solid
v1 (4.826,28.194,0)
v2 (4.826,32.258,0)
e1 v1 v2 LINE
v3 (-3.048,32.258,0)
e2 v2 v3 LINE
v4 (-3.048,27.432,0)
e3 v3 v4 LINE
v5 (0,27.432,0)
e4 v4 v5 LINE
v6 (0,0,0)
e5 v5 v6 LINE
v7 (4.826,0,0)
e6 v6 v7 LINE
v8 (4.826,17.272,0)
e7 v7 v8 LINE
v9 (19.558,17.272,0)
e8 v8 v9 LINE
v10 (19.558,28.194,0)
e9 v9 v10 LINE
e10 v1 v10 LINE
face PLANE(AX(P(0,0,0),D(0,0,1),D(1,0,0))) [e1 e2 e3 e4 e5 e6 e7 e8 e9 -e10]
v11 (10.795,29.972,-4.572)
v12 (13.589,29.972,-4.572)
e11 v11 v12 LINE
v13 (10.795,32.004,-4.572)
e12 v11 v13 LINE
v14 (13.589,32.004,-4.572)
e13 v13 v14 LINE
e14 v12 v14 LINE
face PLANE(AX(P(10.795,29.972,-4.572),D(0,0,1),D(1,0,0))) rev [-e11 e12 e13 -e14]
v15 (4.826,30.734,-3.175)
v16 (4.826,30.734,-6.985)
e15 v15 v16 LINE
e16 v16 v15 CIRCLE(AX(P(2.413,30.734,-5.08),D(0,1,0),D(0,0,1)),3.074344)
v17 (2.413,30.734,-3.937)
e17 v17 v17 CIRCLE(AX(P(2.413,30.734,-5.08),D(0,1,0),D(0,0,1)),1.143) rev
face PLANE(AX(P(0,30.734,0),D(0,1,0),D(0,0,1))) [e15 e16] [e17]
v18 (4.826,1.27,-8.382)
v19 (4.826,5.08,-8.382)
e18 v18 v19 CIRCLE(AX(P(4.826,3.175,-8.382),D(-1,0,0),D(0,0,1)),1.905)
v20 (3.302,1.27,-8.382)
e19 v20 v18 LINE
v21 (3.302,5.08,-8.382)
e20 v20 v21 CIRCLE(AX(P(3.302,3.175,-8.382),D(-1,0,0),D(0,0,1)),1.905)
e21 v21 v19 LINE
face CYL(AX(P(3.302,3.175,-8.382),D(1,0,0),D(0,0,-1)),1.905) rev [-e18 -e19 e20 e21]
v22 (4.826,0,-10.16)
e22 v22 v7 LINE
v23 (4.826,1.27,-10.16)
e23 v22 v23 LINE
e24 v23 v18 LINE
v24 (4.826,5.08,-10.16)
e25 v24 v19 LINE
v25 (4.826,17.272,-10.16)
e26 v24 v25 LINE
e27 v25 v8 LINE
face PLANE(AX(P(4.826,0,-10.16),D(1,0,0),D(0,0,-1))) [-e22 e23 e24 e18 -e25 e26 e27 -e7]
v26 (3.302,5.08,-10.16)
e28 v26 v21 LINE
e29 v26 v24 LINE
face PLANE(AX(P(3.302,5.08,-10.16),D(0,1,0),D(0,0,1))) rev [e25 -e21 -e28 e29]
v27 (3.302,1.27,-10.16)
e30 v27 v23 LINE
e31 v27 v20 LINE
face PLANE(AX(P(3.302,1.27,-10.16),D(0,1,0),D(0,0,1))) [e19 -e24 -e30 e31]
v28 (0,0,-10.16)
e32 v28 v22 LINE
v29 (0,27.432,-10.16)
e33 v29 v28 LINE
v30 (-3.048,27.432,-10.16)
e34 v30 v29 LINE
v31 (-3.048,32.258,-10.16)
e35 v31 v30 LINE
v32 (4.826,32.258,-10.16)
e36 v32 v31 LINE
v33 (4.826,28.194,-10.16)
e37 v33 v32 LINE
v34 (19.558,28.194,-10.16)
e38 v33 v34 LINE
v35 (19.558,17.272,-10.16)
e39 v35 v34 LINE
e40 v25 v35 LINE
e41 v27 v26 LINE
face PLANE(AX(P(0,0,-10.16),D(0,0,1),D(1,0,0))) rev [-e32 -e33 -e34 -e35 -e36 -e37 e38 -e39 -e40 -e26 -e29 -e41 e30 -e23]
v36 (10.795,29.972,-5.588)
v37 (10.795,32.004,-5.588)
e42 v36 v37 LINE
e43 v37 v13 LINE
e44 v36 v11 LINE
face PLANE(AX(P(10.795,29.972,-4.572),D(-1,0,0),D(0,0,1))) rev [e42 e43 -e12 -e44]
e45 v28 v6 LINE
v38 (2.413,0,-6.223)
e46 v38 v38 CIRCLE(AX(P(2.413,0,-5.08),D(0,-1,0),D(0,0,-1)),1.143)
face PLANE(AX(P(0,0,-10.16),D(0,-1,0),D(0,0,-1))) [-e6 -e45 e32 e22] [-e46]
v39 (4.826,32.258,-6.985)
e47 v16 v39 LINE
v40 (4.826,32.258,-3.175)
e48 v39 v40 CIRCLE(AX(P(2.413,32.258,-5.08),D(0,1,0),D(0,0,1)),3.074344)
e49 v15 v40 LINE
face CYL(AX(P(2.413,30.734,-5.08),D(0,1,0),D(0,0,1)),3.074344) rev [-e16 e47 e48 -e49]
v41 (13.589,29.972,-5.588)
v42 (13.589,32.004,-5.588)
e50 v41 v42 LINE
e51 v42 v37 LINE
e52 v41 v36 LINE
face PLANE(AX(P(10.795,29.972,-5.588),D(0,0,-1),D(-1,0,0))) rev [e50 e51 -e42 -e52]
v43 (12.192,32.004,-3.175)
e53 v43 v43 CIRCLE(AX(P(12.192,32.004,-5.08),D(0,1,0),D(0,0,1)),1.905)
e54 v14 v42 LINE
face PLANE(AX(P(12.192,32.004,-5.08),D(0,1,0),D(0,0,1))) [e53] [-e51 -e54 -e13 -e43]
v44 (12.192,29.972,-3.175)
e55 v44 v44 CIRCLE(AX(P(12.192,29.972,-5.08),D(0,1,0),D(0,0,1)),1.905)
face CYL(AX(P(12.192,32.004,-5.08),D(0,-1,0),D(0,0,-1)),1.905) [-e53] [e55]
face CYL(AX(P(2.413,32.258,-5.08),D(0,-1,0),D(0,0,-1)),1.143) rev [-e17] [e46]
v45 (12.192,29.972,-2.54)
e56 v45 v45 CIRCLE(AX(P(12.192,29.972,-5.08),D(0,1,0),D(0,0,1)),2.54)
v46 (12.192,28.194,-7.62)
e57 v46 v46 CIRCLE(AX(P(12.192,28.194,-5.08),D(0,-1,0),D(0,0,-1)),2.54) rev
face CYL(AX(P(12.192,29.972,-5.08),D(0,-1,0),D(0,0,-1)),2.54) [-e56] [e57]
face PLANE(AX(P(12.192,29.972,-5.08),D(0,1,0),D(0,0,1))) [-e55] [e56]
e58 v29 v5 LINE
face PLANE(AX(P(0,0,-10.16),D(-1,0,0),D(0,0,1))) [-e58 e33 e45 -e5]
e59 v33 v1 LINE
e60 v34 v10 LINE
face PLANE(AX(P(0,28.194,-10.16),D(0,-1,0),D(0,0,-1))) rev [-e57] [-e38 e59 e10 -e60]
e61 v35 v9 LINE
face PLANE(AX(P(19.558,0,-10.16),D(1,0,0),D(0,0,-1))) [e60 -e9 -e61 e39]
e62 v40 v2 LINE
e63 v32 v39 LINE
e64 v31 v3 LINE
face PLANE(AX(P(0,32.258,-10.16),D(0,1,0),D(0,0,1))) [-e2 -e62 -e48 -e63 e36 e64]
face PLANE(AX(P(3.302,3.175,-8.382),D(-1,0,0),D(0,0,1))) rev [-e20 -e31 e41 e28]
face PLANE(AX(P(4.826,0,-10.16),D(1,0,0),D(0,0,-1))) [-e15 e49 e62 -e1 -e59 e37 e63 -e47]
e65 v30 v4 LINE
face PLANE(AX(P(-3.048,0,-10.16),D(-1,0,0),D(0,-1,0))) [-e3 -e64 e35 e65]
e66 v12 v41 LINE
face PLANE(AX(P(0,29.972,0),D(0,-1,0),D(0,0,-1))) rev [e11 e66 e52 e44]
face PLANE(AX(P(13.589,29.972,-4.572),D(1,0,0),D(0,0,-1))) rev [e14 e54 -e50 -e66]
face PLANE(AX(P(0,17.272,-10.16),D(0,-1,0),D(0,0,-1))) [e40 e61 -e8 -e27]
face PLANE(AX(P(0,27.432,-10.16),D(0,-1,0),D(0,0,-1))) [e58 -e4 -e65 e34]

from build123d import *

# Parameters (mm, degrees)
SKETCH1_W           = 14.732
SKETCH1_H           = 10.922
BOSS_EXTRUDE1_DEPTH = 10.16
SKETCH2_R           = 1.143
CUT_EXTRUDE1_DEPTH  = 40.068139551
CUT_EXTRUDE2_DEPTH  = 1.524
CUT_EXTRUDE5_START  = -1.524
SKETCH5_R           = 1.143
CUT_EXTRUDE5_DEPTH  = 1.524
SKETCH6_R           = 2.54
BOSS_EXTRUDE2_DEPTH = 1.778
SKETCH7_R           = 1.905
BOSS_EXTRUDE3_DEPTH = 2.032
SKETCH9_W           = 2.794
SKETCH9_H           = 1.016
CUT_EXTRUDE6_DEPTH  = 2.032


with BuildPart() as part:
    # Sketch1 → Boss-Extrude1 (new body)
    with BuildSketch(Plane.XY):
        with Locations((12.192, 22.733)):
            Rectangle(SKETCH1_W, SKETCH1_H)
        Polygon((-3.048, 27.432), (0, 27.432), (0, 0), (4.826, 0), (4.826, 32.258), (-3.048, 32.258), align=None)
    extrude(amount=-BOSS_EXTRUDE1_DEPTH)

    # Sketch2 → Cut-Extrude1 (cut, through all)
    with BuildSketch(Plane(origin=(0, 0, 0), x_dir=(-1, 0, 0), z_dir=(0, -1, 0))):
        with Locations(Location((-2.413, 5.08, 0), (0, 0, 90))):
            Circle(SKETCH2_R)
    extrude(amount=-CUT_EXTRUDE1_DEPTH, mode=Mode.SUBTRACT)

    # Sketch3 → Cut-Extrude2 (cut)
    with BuildSketch(Plane(origin=(4.826, 0, 0), x_dir=(0, 0, -1), z_dir=(1, 0, 0))):
        with BuildLine():
            Line((10.16, 1.27), (8.382, 1.27))
            ThreePointArc((8.382, 1.27), (6.477, 3.175), (8.382, 5.08))
            Line((8.382, 5.08), (10.16, 5.08))
            Line((10.16, 5.08), (10.16, 1.27))
        make_face()
    extrude(amount=-CUT_EXTRUDE2_DEPTH, mode=Mode.SUBTRACT)

    # Sketch5 → Cut-Extrude5 (cut)
    with BuildSketch(Plane(origin=(0, 32.258, 0), x_dir=(1, 0, 0), z_dir=(0, 1, 0)).offset(CUT_EXTRUDE5_START)):
        with BuildLine():
            Line((4.826, 3.175), (4.826, 5.08))
            Line((4.826, 5.08), (4.826, 6.985))
            ThreePointArc((4.826, 6.985), (-0.661344483, 5.08), (4.826, 3.175))
        make_face()
        with Locations(Location((2.413, 5.08, 0), (0, 0, 90))):
            Circle(SKETCH5_R, mode=Mode.SUBTRACT)
    extrude(amount=CUT_EXTRUDE5_DEPTH, mode=Mode.SUBTRACT)

    # Sketch6 → Boss-Extrude2 (add)
    with BuildSketch(Plane(origin=(0, 28.194, 0), x_dir=(1, 0, 0), z_dir=(0, 1, 0))):
        with Locations(Location((12.192, 5.08, 0), (0, 0, 90))):
            Circle(SKETCH6_R)
    extrude(amount=BOSS_EXTRUDE2_DEPTH)

    # Sketch7 → Boss-Extrude3 (add)
    with BuildSketch(Plane(origin=(0, 29.972, 0), x_dir=(1, 0, 0), z_dir=(0, 1, 0))):
        with Locations(Location((12.192, 5.08, 0), (0, 0, 270))):
            Circle(SKETCH7_R)
    extrude(amount=BOSS_EXTRUDE3_DEPTH)

    # Sketch9 → Cut-Extrude6 (cut)
    with BuildSketch(Plane(origin=(0, 32.004, 0), x_dir=(1, 0, 0), z_dir=(0, 1, 0))):
        with Locations((12.192, 5.08)):
            Rectangle(SKETCH9_W, SKETCH9_H)
    extrude(amount=-CUT_EXTRUDE6_DEPTH, mode=Mode.SUBTRACT)


solid = part.part
